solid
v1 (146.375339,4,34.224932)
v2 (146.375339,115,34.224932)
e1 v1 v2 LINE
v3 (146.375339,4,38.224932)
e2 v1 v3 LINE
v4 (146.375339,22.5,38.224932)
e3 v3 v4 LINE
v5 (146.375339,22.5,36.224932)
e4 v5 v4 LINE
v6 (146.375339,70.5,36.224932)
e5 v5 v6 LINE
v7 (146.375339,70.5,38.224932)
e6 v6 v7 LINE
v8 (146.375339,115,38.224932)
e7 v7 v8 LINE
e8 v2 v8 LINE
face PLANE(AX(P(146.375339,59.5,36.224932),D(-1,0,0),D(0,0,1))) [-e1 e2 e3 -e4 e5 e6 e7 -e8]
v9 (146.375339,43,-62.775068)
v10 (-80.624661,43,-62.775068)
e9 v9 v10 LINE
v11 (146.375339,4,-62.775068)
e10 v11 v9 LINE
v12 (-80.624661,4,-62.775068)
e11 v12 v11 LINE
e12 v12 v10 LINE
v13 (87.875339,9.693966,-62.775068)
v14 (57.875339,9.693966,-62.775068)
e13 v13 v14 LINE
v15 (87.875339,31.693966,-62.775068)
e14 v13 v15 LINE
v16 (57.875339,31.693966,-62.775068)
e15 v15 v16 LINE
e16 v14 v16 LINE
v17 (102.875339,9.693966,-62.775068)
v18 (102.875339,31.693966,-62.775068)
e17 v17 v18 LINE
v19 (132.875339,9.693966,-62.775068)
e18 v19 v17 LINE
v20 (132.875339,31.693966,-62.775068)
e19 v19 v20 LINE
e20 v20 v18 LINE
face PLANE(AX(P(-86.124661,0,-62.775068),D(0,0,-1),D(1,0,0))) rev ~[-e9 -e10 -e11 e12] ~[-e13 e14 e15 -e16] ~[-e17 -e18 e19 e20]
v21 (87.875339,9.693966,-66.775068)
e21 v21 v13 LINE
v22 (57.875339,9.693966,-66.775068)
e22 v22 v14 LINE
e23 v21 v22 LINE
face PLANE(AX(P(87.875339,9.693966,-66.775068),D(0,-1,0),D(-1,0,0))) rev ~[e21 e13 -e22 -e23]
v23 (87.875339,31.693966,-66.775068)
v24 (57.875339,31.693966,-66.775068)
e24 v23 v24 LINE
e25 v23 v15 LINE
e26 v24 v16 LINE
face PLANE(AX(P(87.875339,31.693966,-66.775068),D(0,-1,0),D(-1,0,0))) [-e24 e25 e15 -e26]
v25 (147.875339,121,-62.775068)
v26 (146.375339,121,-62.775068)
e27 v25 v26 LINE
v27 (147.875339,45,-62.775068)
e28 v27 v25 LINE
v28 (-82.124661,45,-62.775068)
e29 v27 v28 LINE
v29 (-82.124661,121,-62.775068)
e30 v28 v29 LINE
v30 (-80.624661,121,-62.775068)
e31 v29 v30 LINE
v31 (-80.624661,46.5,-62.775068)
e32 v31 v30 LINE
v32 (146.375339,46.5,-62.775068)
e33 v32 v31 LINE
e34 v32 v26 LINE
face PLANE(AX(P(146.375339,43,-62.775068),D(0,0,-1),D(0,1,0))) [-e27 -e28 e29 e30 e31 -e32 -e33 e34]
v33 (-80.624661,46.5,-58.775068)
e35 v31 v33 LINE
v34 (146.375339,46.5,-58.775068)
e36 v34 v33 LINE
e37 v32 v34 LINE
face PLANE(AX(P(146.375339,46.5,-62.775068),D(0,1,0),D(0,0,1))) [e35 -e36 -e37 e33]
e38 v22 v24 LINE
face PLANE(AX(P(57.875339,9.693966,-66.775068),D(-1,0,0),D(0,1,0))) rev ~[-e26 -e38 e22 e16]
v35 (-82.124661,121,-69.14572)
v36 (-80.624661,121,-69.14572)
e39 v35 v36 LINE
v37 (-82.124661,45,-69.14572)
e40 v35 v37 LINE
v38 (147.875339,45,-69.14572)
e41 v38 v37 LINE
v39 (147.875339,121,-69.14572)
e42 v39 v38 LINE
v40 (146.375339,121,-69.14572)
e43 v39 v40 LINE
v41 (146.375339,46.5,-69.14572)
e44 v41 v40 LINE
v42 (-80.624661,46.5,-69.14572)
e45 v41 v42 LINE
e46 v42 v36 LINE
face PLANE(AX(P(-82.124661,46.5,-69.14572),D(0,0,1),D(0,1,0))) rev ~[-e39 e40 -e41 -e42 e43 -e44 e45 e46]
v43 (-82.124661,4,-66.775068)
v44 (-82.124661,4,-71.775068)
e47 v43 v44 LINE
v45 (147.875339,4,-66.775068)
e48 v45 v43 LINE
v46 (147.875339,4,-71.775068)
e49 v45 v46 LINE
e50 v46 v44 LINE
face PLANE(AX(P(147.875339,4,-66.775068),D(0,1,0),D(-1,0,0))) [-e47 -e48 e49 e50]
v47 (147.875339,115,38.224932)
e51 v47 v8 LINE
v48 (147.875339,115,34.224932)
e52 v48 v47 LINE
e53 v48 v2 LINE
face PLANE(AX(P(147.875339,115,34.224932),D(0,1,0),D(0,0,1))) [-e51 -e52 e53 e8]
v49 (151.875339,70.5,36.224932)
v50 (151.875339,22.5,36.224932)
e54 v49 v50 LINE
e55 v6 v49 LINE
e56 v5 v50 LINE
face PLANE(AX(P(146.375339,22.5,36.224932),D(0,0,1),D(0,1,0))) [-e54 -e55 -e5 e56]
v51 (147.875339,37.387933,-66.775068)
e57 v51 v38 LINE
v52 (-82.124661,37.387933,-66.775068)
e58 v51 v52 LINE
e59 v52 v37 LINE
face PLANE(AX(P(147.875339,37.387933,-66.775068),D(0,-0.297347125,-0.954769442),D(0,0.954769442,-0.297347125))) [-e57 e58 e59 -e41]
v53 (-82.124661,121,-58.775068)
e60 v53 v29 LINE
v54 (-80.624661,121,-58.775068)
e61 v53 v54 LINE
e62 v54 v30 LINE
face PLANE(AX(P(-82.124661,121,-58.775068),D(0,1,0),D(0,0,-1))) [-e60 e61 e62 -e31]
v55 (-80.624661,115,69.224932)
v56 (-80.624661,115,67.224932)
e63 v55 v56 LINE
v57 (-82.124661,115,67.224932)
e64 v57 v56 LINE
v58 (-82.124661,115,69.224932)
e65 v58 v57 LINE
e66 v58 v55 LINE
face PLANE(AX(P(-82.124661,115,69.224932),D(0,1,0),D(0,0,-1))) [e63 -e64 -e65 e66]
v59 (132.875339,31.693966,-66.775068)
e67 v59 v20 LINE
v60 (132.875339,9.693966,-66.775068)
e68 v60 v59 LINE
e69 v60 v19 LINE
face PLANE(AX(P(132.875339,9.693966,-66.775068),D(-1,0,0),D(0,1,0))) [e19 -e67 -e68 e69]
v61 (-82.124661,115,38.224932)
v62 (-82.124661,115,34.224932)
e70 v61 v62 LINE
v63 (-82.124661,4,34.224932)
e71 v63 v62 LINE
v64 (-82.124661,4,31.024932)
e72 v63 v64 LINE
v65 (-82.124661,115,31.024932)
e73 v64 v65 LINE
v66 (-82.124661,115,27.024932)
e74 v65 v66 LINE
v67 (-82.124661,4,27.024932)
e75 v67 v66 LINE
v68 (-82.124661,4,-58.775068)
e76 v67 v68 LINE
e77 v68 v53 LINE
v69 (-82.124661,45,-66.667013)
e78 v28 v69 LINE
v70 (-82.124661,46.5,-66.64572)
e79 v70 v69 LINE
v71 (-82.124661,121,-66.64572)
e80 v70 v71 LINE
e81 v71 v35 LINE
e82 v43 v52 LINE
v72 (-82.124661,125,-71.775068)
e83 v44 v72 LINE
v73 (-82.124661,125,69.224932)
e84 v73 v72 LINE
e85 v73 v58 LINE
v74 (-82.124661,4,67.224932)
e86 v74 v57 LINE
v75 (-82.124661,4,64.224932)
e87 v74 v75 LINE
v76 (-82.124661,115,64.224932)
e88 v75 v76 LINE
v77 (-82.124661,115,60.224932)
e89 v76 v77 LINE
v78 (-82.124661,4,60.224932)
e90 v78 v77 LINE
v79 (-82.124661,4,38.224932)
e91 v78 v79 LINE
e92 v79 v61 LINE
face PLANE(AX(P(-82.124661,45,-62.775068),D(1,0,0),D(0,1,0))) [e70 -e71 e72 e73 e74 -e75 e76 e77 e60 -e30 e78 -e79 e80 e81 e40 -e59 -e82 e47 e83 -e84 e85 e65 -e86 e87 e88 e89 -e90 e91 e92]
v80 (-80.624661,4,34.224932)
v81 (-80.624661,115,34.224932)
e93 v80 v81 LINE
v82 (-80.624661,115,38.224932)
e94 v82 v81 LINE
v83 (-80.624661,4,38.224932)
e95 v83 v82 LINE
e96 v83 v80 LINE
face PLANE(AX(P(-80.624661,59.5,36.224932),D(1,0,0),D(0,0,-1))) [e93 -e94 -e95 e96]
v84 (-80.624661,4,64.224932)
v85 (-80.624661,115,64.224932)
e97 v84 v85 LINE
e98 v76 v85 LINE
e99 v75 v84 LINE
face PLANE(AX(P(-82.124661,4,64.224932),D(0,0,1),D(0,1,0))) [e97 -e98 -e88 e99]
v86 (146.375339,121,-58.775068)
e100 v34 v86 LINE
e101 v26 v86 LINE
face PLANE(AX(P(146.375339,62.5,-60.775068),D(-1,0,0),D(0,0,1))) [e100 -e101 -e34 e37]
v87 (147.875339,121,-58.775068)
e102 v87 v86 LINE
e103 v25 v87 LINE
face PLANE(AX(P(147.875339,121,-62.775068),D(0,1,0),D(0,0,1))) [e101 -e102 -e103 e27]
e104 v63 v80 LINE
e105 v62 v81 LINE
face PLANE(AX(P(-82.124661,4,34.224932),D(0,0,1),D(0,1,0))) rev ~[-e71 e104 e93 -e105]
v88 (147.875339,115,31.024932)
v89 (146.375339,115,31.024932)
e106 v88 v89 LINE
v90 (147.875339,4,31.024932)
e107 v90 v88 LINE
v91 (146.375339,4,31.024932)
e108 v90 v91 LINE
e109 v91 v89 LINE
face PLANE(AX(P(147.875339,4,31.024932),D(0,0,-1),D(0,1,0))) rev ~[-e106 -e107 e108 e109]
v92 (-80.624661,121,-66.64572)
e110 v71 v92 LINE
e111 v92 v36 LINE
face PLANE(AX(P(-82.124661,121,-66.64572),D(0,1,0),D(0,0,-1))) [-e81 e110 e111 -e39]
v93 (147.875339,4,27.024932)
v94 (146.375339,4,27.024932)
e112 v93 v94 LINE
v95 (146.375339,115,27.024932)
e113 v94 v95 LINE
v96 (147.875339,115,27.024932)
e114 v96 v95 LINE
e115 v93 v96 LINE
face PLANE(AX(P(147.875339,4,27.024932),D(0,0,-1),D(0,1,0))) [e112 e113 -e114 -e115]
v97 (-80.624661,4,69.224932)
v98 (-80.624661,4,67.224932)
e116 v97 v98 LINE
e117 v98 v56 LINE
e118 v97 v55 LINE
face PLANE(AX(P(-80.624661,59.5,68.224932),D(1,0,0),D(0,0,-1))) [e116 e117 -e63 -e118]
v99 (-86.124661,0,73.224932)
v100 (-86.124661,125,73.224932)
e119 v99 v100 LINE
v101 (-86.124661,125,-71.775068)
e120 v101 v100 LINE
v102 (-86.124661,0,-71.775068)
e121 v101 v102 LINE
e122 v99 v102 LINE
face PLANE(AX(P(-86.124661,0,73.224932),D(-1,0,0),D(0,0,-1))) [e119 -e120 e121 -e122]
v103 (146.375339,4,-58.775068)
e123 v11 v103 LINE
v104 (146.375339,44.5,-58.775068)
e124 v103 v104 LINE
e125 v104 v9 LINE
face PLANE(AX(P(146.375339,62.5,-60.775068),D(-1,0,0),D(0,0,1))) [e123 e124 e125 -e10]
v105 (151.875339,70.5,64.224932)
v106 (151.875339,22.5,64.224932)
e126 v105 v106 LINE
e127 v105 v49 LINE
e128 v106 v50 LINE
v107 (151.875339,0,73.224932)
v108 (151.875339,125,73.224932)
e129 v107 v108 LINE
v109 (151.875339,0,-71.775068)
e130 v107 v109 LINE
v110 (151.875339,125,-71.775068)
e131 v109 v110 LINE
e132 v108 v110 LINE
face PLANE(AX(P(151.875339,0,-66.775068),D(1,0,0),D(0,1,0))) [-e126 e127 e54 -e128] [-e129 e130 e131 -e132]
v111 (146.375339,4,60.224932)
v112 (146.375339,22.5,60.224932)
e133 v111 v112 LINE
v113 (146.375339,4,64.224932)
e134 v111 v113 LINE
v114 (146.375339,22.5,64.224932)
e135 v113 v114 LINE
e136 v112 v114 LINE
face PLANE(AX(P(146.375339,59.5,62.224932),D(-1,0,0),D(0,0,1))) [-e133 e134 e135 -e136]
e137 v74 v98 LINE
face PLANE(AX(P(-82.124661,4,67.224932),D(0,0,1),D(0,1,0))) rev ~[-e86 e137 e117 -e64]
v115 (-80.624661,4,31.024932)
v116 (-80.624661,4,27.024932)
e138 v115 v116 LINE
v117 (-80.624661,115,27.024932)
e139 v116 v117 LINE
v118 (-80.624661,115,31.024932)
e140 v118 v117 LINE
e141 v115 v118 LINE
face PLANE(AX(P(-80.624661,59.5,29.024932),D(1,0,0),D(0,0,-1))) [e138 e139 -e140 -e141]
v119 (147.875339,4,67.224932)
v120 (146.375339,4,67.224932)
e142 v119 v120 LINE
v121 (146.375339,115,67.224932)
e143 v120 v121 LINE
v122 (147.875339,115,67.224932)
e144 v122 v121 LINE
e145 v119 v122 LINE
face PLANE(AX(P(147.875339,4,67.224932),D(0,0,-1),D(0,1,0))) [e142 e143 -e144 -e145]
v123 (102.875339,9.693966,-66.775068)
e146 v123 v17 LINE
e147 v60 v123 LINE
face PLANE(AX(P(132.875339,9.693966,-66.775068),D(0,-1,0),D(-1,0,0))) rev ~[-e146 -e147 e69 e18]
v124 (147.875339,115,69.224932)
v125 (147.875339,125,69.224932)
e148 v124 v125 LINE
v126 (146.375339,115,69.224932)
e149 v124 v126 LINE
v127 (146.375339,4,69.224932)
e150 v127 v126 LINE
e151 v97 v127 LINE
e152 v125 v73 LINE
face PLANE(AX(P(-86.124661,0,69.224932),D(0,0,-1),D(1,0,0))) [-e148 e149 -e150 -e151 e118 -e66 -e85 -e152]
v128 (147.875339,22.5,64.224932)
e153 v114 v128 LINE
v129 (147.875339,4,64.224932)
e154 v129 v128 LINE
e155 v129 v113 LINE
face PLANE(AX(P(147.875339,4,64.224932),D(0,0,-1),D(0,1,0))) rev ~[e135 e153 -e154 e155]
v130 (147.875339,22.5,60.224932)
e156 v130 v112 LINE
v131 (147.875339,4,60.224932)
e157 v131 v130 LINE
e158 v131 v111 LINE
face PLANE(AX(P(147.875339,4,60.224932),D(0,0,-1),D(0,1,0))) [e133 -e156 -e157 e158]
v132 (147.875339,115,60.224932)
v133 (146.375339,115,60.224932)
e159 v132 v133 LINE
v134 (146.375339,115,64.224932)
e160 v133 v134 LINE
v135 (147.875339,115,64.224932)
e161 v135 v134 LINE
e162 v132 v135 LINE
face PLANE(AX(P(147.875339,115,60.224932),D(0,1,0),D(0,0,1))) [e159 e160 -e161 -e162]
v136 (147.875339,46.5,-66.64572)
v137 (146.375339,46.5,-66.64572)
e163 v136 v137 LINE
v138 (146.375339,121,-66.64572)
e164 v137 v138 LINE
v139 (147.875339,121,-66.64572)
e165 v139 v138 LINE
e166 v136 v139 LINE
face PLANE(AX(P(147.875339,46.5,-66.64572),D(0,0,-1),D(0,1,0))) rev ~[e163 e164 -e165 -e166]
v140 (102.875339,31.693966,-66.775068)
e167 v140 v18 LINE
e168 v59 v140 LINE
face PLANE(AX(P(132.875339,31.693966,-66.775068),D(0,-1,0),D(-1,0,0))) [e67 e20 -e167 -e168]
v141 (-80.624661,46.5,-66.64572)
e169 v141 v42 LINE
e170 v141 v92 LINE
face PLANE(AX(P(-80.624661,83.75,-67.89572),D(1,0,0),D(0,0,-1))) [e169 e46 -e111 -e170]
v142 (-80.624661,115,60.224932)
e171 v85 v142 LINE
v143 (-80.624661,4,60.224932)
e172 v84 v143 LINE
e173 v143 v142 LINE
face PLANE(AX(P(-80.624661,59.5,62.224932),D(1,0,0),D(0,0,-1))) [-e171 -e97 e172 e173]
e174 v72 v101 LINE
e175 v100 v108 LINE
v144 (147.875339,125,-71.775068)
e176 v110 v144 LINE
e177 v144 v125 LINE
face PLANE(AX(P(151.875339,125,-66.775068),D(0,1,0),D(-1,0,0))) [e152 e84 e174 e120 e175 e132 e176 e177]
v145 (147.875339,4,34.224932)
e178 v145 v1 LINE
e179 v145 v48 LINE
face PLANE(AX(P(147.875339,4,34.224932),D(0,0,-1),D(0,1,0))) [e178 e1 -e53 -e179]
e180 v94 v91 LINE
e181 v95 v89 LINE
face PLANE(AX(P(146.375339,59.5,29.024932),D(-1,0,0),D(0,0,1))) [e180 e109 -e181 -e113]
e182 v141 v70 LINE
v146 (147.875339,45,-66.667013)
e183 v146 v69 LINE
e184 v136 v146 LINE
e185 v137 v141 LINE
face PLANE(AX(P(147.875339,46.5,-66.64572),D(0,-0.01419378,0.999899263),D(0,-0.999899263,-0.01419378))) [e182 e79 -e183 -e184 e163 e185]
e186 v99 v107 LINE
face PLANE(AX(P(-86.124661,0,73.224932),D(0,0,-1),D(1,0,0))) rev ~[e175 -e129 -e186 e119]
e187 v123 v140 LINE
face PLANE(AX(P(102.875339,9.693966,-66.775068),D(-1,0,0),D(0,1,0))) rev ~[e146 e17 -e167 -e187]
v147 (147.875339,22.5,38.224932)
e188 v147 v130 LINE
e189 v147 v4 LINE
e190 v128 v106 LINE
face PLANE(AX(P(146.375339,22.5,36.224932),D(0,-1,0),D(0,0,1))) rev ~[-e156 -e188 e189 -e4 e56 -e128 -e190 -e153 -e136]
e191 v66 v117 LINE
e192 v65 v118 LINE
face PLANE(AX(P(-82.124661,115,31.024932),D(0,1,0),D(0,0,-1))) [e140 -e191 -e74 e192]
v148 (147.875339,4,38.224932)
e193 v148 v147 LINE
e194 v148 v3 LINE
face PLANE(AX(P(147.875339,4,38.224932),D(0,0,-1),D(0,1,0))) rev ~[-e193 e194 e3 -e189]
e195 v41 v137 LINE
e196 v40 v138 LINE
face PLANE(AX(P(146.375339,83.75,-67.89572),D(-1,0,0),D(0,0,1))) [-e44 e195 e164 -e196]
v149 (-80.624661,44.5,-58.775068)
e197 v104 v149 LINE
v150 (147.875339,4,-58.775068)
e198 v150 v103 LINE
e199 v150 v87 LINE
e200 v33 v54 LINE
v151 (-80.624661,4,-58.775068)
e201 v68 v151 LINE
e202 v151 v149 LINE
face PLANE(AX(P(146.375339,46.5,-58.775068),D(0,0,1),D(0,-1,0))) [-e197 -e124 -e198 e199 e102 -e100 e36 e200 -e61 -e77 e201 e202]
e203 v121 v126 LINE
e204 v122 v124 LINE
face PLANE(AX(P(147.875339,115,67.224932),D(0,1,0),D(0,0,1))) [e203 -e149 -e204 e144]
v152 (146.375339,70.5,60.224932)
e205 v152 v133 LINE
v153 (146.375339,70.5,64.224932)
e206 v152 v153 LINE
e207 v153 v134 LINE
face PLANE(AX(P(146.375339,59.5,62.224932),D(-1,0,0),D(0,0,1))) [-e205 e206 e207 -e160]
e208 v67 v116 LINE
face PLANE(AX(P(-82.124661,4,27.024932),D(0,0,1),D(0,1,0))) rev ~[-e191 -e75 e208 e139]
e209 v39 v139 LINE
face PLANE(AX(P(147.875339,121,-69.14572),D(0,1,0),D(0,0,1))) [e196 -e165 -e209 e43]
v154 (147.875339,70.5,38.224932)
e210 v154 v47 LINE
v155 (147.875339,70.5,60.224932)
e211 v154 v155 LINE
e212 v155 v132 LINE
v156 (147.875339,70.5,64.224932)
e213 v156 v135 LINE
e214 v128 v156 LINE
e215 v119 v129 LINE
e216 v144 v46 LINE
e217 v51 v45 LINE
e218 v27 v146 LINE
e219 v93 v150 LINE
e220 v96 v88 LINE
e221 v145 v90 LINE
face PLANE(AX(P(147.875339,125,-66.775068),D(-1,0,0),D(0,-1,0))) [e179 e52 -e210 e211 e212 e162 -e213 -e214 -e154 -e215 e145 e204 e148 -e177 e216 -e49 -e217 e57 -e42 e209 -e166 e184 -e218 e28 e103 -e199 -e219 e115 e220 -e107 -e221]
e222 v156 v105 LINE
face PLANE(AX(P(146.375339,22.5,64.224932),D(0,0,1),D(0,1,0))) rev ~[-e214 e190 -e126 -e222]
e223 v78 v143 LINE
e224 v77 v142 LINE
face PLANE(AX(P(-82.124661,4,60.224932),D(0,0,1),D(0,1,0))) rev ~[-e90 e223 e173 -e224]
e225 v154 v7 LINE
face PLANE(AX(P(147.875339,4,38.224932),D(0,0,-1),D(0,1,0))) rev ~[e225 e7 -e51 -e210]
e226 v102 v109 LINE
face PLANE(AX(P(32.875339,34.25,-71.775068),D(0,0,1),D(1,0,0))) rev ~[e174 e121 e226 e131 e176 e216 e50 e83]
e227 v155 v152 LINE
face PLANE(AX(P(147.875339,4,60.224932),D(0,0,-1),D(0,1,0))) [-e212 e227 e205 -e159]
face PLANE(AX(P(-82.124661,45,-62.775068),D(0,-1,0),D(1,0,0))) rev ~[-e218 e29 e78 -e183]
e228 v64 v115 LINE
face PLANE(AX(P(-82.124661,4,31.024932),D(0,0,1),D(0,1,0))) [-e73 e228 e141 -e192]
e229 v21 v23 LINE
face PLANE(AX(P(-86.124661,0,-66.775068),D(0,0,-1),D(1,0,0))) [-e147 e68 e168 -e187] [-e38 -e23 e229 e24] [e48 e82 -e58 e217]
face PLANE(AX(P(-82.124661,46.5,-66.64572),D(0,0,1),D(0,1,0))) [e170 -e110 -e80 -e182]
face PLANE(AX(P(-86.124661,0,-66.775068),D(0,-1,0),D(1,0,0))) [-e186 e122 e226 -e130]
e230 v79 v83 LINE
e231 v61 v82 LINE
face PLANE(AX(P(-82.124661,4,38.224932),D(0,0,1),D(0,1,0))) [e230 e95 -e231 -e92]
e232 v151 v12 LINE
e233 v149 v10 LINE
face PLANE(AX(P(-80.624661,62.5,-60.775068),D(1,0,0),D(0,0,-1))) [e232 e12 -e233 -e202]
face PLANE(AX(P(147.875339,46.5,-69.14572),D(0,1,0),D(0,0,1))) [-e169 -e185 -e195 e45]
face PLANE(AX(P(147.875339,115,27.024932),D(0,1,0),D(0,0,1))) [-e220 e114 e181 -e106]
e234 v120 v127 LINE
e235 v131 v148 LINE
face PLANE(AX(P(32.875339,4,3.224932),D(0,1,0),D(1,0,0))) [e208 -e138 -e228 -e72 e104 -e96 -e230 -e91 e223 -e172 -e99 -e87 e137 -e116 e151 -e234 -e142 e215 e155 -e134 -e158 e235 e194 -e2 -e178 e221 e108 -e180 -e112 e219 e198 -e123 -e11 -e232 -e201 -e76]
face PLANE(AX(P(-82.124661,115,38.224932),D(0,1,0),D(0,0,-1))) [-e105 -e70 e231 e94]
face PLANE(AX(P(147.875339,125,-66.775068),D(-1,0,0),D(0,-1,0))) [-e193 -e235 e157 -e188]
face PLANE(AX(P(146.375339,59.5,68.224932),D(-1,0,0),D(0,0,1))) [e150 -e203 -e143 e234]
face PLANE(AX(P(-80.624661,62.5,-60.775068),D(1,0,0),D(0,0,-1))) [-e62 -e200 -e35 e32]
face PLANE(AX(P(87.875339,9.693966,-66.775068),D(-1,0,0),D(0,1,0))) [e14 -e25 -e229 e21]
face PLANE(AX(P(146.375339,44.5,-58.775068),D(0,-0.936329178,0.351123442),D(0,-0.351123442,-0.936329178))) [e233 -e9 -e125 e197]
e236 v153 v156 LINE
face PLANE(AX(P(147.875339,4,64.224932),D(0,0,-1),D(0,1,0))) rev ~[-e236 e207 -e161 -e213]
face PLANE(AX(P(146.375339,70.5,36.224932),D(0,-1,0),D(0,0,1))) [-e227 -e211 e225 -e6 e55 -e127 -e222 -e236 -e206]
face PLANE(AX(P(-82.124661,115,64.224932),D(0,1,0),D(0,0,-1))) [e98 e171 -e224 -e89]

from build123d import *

# Parameters (mm, degrees)
SKETCH_1_W          = 238
SKETCH_1_H          = 140
EXTRUDE_3_DEPTH     = 125
SHELL_1_T           = -4
SKETCH_2_W          = 230
SKETCH_2_H          = 80
CUT_EXTRUDE_1_DEPTH = 120
SKETCH_5_W          = 4
SKETCH_5_H          = 117
EXTRUDE_6_DEPTH     = 1.5
SKETCH_6_W          = 4
SKETCH_6_H          = 117
EXTRUDE_7_DEPTH     = 1.5
EXTRUDE_8_DEPTH     = 5
EXTRUDE_9_DEPTH     = 230
EXTRUDE_10_DEPTH    = 227
SKETCH_10_W         = 2.5
SKETCH_10_H         = 74.5
EXTRUDE_11_DEPTH    = 1.5
SKETCH_11_W         = 2.5
SKETCH_11_H         = 74.5
EXTRUDE_12_DEPTH    = 1.5
SKETCH_12_W         = 4
SKETCH_12_H         = 111
EXTRUDE_14_DEPTH    = 1.5
SKETCH_13_W         = 2
SKETCH_13_H         = 111
SKETCH_13_W_2       = 4
EXTRUDE_17_DEPTH    = 1.5
SKETCH_14_W         = 28
SKETCH_14_H         = 48
CUT_EXTRUDE_3_DEPTH = 18
SKETCH_15_W         = 30
SKETCH_15_H         = 22
CUT_EXTRUDE_4_DEPTH = 18
SKETCH_16_W         = 2
SKETCH_16_H         = 111
EXTRUDE_18_DEPTH    = 1.5
SKETCH_17_W         = 4
SKETCH_17_H         = 111
EXTRUDE_19_DEPTH    = 1.5
SKETCH_19_W         = 4
SKETCH_19_H         = 111
EXTRUDE_20_DEPTH    = 1.5
SKETCH_20_W         = 4
SKETCH_20_H         = 111
EXTRUDE_21_DEPTH    = 1.5


with BuildPart() as part:
    # 草图1 → 凸台-拉伸3 (new body)
    with BuildSketch(Plane(origin=(0, 0, 0), x_dir=(1, 0, 0), z_dir=(0, 1, 0))):
        with Locations((32.875338753, -3.224932249)):
            Rectangle(SKETCH_1_W, SKETCH_1_H)
    extrude(amount=EXTRUDE_3_DEPTH)

    # 抽壳1
    shell_1_openings = [part.faces().sort_by_distance(p)[0] for p in [
        (32.875338753, 125, 3.224932249),
    ]]
    offset(amount=SHELL_1_T, openings=shell_1_openings, kind=Kind.INTERSECTION)

    # 草图2 → 切除-拉伸1 (cut)
    with BuildSketch(Plane.XY.offset(-62.775067751)):
        with Locations((32.875338753, 85)):
            Rectangle(SKETCH_2_W, SKETCH_2_H)
    extrude(amount=-CUT_EXTRUDE_1_DEPTH, mode=Mode.SUBTRACT)

    # 草图5 → 凸台-拉伸6 (add)
    with BuildSketch(Plane.ZY.offset(-147.875338753)):
        with Locations((-60.775067751, 62.5)):
            Rectangle(SKETCH_5_W, SKETCH_5_H)
    extrude(amount=EXTRUDE_6_DEPTH)

    # 草图6 → 凸台-拉伸7 (add)
    with BuildSketch(Plane(origin=(-82.124661247, 0, 0), x_dir=(0, 0, -1), z_dir=(1, 0, 0))):
        with Locations((60.775067751, 62.5)):
            Rectangle(SKETCH_6_W, SKETCH_6_H)
    extrude(amount=EXTRUDE_7_DEPTH)

    # 草图7 → 凸台-拉伸8 (add)
    with BuildSketch(Plane(origin=(0, 0, -66.775067751), x_dir=(-1, 0, 0), z_dir=(0, 0, -1))):
        Polygon((-151.875338753, 125), (-147.875338753, 125), (-147.875338753, 4), (82.124661247, 4), (82.124661247, 125), (86.124661247, 125), (86.124661247, 0), (-151.875338753, 0), align=None)
    extrude(amount=EXTRUDE_8_DEPTH)

    # 草图8 → 凸台-拉伸9 (add)
    with BuildSketch(Plane.ZY.offset(-147.875338753)):
        Polygon((-66.645720039, 46.5), (-66.775067751, 37.387932584), (-69.145720039, 45), (-69.145720039, 46.5), align=None)
    extrude(amount=EXTRUDE_9_DEPTH)

    # 草图9 → 凸台-拉伸10 (add)
    with BuildSketch(Plane.ZY.offset(-146.375338753)):
        Polygon((-62.775067751, 46.5), (-58.775067751, 46.5), (-58.775067751, 44.5), (-62.775067751, 43), align=None)
    extrude(amount=EXTRUDE_10_DEPTH)

    # 草图10 → 凸台-拉伸11 (add)
    with BuildSketch(Plane.ZY.offset(-147.875338753)):
        with Locations((-67.895720039, 83.75)):
            Rectangle(SKETCH_10_W, SKETCH_10_H)
    extrude(amount=EXTRUDE_11_DEPTH)

    # 草图11 → 凸台-拉伸12 (add)
    with BuildSketch(Plane(origin=(-82.124661247, 0, 0), x_dir=(0, 0, -1), z_dir=(1, 0, 0))):
        with Locations((67.895720039, 83.75)):
            Rectangle(SKETCH_11_W, SKETCH_11_H)
    extrude(amount=EXTRUDE_12_DEPTH)

    # 草图12 → 凸台-拉伸14 (add)
    with BuildSketch(Plane.ZY.offset(-147.875338753)):
        with Locations((36.224932249, 59.5)):
            Rectangle(SKETCH_12_W, SKETCH_12_H)
        with Locations((29.024932249, 59.5)):
            Rectangle(SKETCH_12_W, SKETCH_12_H)
    extrude(amount=EXTRUDE_14_DEPTH)

    # 草图13 → 凸台-拉伸17 (add)
    with BuildSketch(Plane.ZY.offset(-147.875338753)):
        with Locations((68.224932249, 59.5)):
            Rectangle(SKETCH_13_W, SKETCH_13_H)
        with Locations((62.224932249, 59.5)):
            Rectangle(SKETCH_13_W_2, SKETCH_13_H)
    extrude(amount=EXTRUDE_17_DEPTH)

    # 草图14 → 切除-拉伸3 (cut)
    with BuildSketch(Plane.ZY.offset(-146.375338753)):
        with Locations((50.224932249, 46.5)):
            Rectangle(SKETCH_14_W, SKETCH_14_H)
    extrude(amount=-CUT_EXTRUDE_3_DEPTH, mode=Mode.SUBTRACT)

    # 草图15 → 切除-拉伸4 (cut)
    with BuildSketch(Plane(origin=(0, 0, -66.775067751), x_dir=(-1, 0, 0), z_dir=(0, 0, -1))):
        with Locations((-117.875338753, 20.693966292)):
            Rectangle(SKETCH_15_W, SKETCH_15_H)
        with Locations((-72.875338753, 20.693966292)):
            Rectangle(SKETCH_15_W, SKETCH_15_H)
    extrude(amount=-CUT_EXTRUDE_4_DEPTH, mode=Mode.SUBTRACT)

    # 草图16 → 凸台-拉伸18 (add)
    with BuildSketch(Plane(origin=(-82.124661247, 0, 0), x_dir=(0, 0, -1), z_dir=(1, 0, 0))):
        with Locations((-68.224932249, 59.5)):
            Rectangle(SKETCH_16_W, SKETCH_16_H)
    extrude(amount=EXTRUDE_18_DEPTH)

    # 草图17 → 凸台-拉伸19 (add)
    with BuildSketch(Plane(origin=(-82.124661247, 0, 0), x_dir=(0, 0, -1), z_dir=(1, 0, 0))):
        with Locations((-62.224932249, 59.5)):
            Rectangle(SKETCH_17_W, SKETCH_17_H)
    extrude(amount=EXTRUDE_19_DEPTH)

    # 草图19 → 凸台-拉伸20 (add)
    with BuildSketch(Plane(origin=(-82.124661247, 0, 0), x_dir=(0, 0, -1), z_dir=(1, 0, 0))):
        with Locations((-36.224932249, 59.5)):
            Rectangle(SKETCH_19_W, SKETCH_19_H)
    extrude(amount=EXTRUDE_20_DEPTH)

    # 草图20 → 凸台-拉伸21 (add)
    with BuildSketch(Plane(origin=(-82.124661247, 0, 0), x_dir=(0, 0, -1), z_dir=(1, 0, 0))):
        with Locations((-29.024932249, 59.5)):
            Rectangle(SKETCH_20_W, SKETCH_20_H)
    extrude(amount=EXTRUDE_21_DEPTH)


solid = part.part
